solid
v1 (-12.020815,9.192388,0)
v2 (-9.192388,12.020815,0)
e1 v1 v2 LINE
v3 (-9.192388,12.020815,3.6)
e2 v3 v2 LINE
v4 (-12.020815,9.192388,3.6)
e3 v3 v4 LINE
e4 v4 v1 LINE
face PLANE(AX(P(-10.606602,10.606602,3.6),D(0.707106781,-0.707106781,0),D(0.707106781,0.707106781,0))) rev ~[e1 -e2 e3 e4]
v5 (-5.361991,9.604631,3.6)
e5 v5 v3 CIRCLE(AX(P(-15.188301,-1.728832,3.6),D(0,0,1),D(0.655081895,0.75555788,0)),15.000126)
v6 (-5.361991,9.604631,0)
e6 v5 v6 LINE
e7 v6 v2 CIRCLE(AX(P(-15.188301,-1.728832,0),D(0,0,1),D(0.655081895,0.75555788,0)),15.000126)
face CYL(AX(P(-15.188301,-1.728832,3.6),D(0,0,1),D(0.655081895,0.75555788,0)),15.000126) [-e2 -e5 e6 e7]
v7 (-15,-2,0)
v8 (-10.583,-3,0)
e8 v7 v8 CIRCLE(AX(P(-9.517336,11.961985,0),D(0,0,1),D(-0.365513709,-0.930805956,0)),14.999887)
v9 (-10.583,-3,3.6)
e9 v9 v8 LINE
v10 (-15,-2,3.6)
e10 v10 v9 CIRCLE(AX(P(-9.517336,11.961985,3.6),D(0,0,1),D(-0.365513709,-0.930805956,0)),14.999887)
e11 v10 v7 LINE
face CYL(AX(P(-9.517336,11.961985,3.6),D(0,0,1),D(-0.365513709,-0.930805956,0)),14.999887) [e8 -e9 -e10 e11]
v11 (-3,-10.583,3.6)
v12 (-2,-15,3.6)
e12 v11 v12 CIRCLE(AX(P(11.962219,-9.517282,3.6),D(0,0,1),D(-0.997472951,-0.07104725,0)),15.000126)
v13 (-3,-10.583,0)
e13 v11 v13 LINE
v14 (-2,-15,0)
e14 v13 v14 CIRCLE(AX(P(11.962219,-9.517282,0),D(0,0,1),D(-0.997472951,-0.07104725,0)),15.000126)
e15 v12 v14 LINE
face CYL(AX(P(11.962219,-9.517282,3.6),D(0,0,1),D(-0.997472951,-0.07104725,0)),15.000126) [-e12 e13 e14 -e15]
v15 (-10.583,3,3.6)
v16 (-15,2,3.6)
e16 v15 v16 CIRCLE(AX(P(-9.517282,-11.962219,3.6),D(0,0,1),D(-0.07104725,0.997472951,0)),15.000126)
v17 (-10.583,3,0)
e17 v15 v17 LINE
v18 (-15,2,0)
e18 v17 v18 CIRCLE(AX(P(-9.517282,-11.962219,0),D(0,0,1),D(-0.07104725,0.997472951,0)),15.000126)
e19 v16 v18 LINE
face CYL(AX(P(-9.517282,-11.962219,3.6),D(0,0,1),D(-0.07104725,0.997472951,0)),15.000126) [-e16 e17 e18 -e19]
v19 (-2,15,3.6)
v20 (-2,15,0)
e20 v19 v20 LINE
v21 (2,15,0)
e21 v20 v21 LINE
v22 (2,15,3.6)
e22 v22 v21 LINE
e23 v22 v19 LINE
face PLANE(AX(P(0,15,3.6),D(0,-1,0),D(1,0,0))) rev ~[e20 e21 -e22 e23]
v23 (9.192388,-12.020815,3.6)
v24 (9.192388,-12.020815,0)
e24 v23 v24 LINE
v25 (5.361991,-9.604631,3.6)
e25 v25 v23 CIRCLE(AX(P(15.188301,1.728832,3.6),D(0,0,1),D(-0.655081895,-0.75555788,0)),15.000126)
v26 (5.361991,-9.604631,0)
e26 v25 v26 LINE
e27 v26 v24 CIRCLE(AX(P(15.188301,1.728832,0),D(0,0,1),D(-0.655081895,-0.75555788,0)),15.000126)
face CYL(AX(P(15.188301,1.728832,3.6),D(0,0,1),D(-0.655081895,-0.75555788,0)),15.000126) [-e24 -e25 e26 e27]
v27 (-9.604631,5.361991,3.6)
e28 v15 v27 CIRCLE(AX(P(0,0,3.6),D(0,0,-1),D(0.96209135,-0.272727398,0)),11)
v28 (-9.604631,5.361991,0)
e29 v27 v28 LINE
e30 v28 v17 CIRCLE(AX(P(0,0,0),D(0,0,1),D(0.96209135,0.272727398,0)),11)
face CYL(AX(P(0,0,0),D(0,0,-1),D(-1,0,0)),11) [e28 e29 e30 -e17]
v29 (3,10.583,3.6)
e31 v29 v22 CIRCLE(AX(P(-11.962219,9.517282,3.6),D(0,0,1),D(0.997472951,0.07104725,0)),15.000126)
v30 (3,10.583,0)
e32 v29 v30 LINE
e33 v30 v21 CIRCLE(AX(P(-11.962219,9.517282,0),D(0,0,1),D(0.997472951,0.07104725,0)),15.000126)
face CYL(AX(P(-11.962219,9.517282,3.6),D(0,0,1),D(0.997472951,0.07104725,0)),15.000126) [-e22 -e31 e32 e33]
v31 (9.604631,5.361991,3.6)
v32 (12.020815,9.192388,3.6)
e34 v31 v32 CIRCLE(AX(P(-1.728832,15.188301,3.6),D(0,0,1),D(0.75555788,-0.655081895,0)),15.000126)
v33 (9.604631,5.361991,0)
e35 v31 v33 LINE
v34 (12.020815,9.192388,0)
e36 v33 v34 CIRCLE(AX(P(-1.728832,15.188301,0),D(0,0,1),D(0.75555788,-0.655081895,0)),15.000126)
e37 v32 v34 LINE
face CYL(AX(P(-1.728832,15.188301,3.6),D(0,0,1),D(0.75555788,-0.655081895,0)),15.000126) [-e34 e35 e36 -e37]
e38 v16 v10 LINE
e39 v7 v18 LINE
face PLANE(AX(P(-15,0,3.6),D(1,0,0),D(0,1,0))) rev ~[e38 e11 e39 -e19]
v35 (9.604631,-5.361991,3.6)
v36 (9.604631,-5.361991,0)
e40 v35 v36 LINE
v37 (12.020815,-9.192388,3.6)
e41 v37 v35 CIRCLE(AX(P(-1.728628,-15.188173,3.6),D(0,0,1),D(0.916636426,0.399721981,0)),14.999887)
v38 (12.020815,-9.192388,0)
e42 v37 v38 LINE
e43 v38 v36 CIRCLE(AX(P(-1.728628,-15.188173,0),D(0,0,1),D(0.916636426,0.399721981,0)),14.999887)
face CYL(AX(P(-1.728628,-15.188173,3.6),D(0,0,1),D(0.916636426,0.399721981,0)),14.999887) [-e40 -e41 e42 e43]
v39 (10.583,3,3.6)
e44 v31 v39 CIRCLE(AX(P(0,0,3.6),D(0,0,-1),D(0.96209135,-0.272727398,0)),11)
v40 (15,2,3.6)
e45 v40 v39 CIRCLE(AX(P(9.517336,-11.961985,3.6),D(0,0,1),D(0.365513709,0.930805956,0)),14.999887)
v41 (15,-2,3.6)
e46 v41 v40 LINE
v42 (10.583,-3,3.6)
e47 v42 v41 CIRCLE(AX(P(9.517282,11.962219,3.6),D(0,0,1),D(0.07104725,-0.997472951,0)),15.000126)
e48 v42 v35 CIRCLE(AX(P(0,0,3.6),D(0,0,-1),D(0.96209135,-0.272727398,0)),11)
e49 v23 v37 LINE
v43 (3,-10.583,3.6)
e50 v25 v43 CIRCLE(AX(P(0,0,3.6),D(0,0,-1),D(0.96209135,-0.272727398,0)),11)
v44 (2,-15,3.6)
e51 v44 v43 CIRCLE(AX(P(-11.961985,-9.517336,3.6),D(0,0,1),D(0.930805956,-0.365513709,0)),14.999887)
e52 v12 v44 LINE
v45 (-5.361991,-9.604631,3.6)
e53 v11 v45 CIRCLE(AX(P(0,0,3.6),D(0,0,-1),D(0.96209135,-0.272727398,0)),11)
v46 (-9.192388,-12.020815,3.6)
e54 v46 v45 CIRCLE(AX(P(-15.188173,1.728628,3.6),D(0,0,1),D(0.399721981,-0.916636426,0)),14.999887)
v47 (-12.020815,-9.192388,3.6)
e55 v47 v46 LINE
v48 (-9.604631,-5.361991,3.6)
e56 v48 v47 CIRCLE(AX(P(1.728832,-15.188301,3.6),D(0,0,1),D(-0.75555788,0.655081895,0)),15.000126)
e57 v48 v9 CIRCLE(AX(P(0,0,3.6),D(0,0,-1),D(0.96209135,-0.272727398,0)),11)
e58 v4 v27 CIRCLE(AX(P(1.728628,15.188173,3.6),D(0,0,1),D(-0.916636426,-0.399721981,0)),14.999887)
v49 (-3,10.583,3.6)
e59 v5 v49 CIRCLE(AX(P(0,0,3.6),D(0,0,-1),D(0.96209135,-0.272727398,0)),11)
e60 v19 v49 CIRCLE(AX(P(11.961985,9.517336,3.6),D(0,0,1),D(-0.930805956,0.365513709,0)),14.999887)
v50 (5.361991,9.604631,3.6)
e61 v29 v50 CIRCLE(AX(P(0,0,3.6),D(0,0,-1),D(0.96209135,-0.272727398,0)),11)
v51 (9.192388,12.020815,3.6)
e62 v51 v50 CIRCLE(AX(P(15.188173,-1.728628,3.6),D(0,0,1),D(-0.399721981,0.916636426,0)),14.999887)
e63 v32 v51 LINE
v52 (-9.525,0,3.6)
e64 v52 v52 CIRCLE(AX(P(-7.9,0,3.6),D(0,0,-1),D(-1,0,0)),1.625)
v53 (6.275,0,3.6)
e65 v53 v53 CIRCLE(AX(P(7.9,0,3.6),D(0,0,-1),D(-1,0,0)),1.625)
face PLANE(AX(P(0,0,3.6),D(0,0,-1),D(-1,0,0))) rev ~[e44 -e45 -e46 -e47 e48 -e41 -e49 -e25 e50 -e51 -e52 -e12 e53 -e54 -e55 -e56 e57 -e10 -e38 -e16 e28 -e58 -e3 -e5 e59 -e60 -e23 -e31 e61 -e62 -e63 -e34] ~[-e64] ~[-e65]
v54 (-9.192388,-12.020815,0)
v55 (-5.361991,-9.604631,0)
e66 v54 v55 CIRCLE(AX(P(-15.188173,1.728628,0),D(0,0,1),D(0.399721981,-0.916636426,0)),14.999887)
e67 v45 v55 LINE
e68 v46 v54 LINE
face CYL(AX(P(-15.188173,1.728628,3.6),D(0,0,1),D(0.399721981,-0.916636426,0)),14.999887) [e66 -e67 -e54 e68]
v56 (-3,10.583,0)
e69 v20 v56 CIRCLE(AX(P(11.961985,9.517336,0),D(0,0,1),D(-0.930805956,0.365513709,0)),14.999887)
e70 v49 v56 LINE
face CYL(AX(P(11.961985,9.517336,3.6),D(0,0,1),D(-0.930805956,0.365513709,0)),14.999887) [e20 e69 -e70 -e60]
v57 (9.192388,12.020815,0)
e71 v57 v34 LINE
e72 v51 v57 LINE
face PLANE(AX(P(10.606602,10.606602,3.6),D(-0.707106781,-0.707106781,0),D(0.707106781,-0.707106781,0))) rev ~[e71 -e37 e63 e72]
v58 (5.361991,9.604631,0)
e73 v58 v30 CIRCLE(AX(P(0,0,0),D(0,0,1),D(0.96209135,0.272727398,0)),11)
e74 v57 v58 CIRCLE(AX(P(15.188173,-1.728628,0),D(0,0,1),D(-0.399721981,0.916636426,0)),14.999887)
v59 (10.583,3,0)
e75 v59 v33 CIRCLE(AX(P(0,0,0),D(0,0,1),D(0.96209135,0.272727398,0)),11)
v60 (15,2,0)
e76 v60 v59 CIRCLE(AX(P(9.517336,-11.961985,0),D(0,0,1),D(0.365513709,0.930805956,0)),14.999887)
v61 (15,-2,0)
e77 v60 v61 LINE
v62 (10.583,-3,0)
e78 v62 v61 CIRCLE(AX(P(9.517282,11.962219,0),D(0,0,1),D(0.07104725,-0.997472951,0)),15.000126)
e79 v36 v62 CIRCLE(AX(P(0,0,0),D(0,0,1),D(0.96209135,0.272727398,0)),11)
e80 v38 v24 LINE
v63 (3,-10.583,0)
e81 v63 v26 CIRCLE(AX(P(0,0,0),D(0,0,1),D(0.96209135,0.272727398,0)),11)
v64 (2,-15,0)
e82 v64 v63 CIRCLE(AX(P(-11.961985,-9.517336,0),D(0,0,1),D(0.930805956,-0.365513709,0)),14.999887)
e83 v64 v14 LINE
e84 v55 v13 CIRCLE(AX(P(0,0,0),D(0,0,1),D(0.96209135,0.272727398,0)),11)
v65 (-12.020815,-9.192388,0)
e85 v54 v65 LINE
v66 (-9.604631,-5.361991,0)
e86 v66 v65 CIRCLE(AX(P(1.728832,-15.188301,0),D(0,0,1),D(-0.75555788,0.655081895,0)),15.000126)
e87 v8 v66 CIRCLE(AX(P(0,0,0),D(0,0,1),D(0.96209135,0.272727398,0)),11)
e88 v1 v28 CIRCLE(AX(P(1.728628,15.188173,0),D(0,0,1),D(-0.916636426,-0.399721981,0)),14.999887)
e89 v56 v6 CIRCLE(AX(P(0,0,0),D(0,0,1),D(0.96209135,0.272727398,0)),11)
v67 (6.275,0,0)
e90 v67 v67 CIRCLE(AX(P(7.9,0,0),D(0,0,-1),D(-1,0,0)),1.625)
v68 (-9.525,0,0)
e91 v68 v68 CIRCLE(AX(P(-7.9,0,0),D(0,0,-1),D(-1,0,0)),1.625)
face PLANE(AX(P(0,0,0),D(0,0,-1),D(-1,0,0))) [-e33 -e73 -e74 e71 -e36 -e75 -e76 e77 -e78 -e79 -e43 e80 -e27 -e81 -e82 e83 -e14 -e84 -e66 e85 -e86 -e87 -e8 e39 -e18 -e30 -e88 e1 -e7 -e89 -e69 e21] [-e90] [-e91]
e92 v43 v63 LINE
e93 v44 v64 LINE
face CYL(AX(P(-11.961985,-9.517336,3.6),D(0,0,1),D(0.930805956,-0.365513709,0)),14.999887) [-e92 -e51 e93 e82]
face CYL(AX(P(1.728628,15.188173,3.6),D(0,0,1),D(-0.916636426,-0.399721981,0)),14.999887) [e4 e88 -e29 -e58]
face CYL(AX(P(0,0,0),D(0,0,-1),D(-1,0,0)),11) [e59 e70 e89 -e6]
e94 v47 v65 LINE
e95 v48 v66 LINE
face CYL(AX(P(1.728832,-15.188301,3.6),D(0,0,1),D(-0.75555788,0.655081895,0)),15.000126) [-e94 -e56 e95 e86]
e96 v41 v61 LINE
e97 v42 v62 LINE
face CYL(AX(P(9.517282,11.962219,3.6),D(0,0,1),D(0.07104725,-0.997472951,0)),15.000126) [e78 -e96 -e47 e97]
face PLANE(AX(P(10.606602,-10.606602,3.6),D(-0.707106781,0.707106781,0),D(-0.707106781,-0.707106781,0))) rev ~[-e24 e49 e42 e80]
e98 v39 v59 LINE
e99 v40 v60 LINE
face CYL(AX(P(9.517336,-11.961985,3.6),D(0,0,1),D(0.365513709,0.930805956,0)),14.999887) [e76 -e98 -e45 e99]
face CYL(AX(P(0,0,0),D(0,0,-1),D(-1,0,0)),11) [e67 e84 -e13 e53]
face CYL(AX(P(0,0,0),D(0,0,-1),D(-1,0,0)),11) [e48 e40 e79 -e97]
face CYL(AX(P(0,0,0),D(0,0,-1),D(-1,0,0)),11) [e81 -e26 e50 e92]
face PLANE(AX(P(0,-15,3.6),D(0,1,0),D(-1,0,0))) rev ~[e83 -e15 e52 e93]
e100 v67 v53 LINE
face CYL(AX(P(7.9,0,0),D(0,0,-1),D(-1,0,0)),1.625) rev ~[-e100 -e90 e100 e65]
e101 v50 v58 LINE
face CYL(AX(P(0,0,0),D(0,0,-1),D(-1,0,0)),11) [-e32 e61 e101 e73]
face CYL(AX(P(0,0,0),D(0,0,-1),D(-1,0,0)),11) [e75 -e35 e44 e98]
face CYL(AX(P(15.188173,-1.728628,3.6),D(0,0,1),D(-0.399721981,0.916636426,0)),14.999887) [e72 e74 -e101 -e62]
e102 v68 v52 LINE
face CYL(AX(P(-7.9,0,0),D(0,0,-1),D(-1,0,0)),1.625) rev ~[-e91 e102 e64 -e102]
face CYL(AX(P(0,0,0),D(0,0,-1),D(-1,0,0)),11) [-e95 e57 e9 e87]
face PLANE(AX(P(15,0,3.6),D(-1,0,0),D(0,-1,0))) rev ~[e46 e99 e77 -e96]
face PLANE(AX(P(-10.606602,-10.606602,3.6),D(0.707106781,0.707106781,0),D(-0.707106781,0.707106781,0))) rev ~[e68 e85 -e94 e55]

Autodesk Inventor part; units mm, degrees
ref_plane "YZ Plane" through (0, 0, 0) normal (1, 0, 0) x (0, 1, 0)
ref_plane "XZ Plane" through (0, 0, 0) normal (0, 1, 0) x (-1, 0, 0)
ref_plane "XY Plane" through (0, 0, 0) normal (0, 0, 1) x (1, 0, 0)
ref_plane "Work Plane1" through (0, 0, 0) normal (0, 0, -1) x (-1, 0, 0)
sketch "Sketch3" plane through (0, 0, 0) normal (0, 0, -1) x (-1, 0, 0)
  circle A0 centre (0, 0) radius 11
  line L0 (-15.4, 0) -> (15.4, 0) projected
  dimension "d19" = 22
extrude "Extrusion3" add sketch "Sketch3" against normal blind 3.6
sketch "Sketch4" plane through (0, 0, 3.6) normal (0, 0, 1) x (1, 0, 0)
  arc A0 (10.583, -3) -> (10.583, 3) centre (0, 0) ccw
  line L0 (-16.2075, 0) -> (20.2449, 0) projected
  line L1 (15, 0) -> (15, 2)
  arc A1 (15, 2) -> (10.583, 3) centre (9.5173, -11.9621) ccw
  line L2 (15, 0) -> (15, -2)
  arc A2 (10.583, -3) -> (15, -2) centre (9.5173, 11.9621) ccw
  dimension "d22" = 2
  dimension "d23" = 3
  dimension "d24" = 15
  dimension "d25" = 15
  dimension "d35" = 11
extrude "Extrusion4" add sketch "Sketch4" against normal blind 3.6
sketch "Sketch2" plane through (0, 0, 0) normal (0, 0, -1) x (-1, 0, 0)
  line L0 (-9.8, -2.6) -> (-6, -2.6)
  line L1 (-6, -2.6) -> (-6, 2.6)
  line L2 (-6, 2.6) -> (-9.8, 2.6)
  line L3 (-9.8, 2.6) -> (-9.8, -2.6)
  line L4 (-9.8, -2.6) -> (-6, 2.6) construction
  line L5 (-6, -2.6) -> (-9.8, 2.6) construction
  line L6 (0, -27.5637) -> (0, 32.5752)
  line L7 (9.8, -2.6) -> (6, -2.6)
  line L8 (6, -2.6) -> (6, 2.6)
  line L9 (6, 2.6) -> (9.8, 2.6)
  line L10 (9.8, 2.6) -> (9.8, -2.6)
  line L11 (9.8, -2.6) -> (6, 2.6) construction
  line L12 (6, -2.6) -> (9.8, 2.6) construction
  circle A0 centre (-7.9, 0) radius 1.625
  circle A1 centre (7.9, 0) radius 1.625
  point P0 (0, 0)
  dimension "d31" = 6
  dimension "d32" = 0
  dimension "d33" = 3.25
  dimension "d34" = 3.25
extrude "Extrusion2" cut sketch "Sketch2" against normal blind 3.6 contours A0 | A1
pattern_circular "Circular Pattern1" count 8 over 360 about axis through (0, 0, 0) along (0, 0, 1) of "Extrusion4"
properties part number "tandwiel(ja)"
